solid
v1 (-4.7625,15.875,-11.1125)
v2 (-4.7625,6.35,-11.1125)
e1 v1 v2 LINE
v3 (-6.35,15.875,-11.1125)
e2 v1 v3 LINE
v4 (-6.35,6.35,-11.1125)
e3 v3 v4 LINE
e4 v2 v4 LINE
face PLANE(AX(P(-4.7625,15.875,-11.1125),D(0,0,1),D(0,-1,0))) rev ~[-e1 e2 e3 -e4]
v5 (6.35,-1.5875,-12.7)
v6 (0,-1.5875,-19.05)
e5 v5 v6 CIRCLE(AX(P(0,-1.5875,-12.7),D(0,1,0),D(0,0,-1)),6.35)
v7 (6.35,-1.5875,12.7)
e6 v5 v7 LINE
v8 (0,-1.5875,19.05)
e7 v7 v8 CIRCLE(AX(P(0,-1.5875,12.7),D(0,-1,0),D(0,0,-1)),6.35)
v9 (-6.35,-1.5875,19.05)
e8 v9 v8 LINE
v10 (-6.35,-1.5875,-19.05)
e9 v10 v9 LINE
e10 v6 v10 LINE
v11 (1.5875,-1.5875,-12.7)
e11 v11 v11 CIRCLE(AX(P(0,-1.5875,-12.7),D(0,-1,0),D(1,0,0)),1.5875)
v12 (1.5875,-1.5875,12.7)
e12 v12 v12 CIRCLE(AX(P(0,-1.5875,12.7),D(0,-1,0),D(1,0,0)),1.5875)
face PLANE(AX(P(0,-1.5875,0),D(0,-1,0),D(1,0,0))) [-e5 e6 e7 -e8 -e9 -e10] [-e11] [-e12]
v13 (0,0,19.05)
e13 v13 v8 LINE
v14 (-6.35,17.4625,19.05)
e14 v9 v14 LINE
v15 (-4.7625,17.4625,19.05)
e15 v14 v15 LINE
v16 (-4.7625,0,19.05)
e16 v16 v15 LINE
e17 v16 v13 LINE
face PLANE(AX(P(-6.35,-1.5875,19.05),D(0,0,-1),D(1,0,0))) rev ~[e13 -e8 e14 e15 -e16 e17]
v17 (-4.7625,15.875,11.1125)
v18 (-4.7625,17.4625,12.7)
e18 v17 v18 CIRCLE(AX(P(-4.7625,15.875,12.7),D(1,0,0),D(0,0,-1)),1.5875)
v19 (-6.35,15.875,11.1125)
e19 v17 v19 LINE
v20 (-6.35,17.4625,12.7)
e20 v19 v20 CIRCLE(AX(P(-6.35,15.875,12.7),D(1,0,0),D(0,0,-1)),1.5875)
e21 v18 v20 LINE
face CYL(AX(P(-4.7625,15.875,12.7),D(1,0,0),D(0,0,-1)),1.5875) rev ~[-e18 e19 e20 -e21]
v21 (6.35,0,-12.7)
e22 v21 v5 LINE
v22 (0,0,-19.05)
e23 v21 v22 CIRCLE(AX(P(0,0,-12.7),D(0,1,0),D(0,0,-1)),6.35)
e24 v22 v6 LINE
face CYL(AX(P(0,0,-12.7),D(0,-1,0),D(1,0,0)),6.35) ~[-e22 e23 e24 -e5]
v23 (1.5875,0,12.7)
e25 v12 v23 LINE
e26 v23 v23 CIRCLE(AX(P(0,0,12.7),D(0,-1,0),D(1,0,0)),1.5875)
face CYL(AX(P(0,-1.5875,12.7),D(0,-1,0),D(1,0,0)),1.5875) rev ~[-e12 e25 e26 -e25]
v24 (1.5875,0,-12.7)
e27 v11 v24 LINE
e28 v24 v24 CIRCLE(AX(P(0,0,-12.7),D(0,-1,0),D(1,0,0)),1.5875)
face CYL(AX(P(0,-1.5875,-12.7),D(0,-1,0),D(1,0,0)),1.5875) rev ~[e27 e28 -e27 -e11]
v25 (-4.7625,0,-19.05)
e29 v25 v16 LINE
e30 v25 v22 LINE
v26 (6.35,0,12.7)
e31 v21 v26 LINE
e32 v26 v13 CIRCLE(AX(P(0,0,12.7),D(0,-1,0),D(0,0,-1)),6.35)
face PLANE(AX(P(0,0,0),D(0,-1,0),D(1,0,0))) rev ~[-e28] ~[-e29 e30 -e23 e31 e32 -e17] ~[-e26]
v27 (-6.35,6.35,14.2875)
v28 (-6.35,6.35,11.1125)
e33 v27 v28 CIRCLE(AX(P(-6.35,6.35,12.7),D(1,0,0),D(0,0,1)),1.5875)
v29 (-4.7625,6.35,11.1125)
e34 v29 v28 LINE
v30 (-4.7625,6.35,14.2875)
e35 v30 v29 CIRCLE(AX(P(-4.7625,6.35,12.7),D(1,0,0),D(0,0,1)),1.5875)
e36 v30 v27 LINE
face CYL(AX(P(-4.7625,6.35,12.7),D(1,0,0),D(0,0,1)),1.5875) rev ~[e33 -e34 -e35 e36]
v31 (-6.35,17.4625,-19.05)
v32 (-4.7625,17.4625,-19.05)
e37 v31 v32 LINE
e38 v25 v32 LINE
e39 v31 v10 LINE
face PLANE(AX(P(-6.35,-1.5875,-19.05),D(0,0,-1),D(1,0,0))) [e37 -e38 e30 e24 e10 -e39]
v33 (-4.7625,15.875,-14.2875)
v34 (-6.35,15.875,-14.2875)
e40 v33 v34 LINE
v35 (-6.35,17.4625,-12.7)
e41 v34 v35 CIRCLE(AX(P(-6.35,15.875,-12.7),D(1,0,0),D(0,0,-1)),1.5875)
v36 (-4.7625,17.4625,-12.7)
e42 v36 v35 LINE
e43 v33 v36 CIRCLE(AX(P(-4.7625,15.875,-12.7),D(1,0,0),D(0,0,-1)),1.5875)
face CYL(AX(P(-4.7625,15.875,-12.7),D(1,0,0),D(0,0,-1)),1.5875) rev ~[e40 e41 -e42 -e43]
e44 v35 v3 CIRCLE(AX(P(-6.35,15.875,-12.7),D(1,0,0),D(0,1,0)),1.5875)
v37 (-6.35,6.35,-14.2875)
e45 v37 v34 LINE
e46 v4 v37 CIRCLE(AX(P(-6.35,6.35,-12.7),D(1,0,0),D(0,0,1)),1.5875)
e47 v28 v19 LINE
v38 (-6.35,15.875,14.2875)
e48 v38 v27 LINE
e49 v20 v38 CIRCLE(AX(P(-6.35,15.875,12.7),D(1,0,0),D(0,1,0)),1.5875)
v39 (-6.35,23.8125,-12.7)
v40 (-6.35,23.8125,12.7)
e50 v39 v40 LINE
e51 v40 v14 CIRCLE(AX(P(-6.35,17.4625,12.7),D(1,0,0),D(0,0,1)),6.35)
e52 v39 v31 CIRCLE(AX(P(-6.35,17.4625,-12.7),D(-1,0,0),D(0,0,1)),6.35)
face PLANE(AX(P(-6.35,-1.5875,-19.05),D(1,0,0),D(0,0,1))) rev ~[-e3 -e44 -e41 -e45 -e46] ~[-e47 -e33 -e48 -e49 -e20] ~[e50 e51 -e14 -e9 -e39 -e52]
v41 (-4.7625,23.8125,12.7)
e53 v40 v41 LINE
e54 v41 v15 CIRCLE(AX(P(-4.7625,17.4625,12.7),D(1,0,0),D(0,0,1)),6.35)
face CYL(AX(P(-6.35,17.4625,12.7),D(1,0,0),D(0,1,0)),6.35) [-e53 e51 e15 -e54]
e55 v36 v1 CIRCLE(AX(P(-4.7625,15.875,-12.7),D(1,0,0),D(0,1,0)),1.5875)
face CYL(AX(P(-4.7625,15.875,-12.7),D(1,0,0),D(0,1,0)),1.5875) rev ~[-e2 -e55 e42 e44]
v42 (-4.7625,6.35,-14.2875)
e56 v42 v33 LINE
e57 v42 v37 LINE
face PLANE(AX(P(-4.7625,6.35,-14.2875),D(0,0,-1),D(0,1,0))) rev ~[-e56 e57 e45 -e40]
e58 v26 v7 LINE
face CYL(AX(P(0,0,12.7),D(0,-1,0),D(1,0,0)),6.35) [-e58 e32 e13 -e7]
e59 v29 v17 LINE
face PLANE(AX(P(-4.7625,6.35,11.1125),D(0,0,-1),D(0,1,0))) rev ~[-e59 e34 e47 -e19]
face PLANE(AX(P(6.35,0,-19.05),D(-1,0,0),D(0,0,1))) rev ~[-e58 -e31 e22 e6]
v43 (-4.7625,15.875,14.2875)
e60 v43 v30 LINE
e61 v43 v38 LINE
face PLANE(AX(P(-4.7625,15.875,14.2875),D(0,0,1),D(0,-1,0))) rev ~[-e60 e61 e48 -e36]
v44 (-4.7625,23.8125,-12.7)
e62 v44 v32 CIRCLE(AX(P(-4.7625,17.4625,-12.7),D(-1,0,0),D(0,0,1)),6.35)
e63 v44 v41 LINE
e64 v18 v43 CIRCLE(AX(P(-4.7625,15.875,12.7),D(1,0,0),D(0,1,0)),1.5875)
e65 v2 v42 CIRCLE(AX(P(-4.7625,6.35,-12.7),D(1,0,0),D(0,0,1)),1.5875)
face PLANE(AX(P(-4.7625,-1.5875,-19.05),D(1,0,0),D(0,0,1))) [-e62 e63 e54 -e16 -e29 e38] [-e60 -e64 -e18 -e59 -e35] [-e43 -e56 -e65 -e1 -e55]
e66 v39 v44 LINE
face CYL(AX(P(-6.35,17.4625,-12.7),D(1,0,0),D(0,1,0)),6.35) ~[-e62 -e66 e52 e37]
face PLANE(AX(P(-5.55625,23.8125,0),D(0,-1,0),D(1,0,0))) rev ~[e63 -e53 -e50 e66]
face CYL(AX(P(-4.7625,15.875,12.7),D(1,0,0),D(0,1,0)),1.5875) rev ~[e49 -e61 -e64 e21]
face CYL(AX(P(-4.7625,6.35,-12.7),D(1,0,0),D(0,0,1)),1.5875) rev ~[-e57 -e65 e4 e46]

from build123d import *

# Parameters (mm, degrees)
F0_W     = 12.7
F0_H     = 38.1
F1_DEPTH = 1.5875
F2_W     = 1.5875
F2_H     = 38.1
F3_DEPTH = 25.4
F4_R     = 6.35
F5_R     = 1.5875
F6_DEPTH = 1.5875
F8_DEPTH = 1.5875


with BuildPart() as f1:
    # F0 (on Front) → F1 (new body)
    with BuildSketch(Plane.XZ):
        Rectangle(F0_W, F0_H)
    extrude(amount=F1_DEPTH)

    # F2 (on face) → F3 (join)
    with BuildSketch(Plane.XZ.offset(1.5875)):
        with Locations((-5.55625, 0)):
            Rectangle(F2_W, F2_H)
    extrude(amount=-F3_DEPTH)

    # F4
    f4_edges = [f1.edges().sort_by_distance(p)[0] for p in [
        (6.35, -0.79375, 19.05),
        (-5.55625, 23.8125, 19.05),
        (6.35, -0.79375, -19.05),
        (-5.55625, 23.8125, -19.05),
    ]]
    fillet(f4_edges, radius=F4_R)

    # F5 (on face) → F6 (cut, through all)
    with BuildSketch(Plane.XZ.offset(1.5875)):
        with Locations((0, 12.7)):
            Circle(F5_R)
        with Locations((0, -12.7)):
            Circle(F5_R)
    extrude(amount=-F6_DEPTH, mode=Mode.SUBTRACT)

    # F7 (on face) → F8 (cut, through all)
    with BuildSketch(Plane.YZ.offset(-4.7625)):
        with BuildLine():
            ThreePointArc((7.9375, 12.7), (7.4725320151, 13.8225320151), (6.35, 14.2875))
            Line((6.35, 14.2875), (6.35, 11.1125))
            ThreePointArc((6.35, 11.1125), (7.4725320151, 11.5774679849), (7.9375, 12.7))
        make_face()
        with BuildLine():
            Line((15.875, 14.2875), (6.35, 14.2875))
            ThreePointArc((6.35, 14.2875), (7.4725320151, 13.8225320151), (7.9375, 12.7))
            ThreePointArc((7.9375, 12.7), (7.4725320151, 11.5774679849), (6.35, 11.1125))
            Line((6.35, 11.1125), (15.875, 11.1125))
            ThreePointArc((15.875, 11.1125), (14.2875, 12.7), (15.875, 14.2875))
        make_face()
        with BuildLine():
            Line((6.35, 11.1125), (6.35, 14.2875))
            ThreePointArc((6.35, 14.2875), (4.7625, 12.7), (6.35, 11.1125))
        make_face()
        with BuildLine():
            ThreePointArc((17.4625, 12.7), (16.9975320151, 13.8225320151), (15.875, 14.2875))
            Line((15.875, 14.2875), (15.875, 11.1125))
            ThreePointArc((15.875, 11.1125), (16.9975320151, 11.5774679849), (17.4625, 12.7))
        make_face()
        with BuildLine():
            Line((15.875, 11.1125), (15.875, 14.2875))
            ThreePointArc((15.875, 14.2875), (14.2875, 12.7), (15.875, 11.1125))
        make_face()
        with BuildLine():
            ThreePointArc((7.9375, -12.7), (7.4725320151, -11.5774679849), (6.35, -11.1125))
            Line((6.35, -11.1125), (6.35, -14.2875))
            ThreePointArc((6.35, -14.2875), (7.4725320151, -13.8225320151), (7.9375, -12.7))
        make_face()
        with BuildLine():
            Line((15.875, -11.1125), (6.35, -11.1125))
            ThreePointArc((6.35, -11.1125), (7.4725320151, -11.5774679849), (7.9375, -12.7))
            ThreePointArc((7.9375, -12.7), (7.4725320151, -13.8225320151), (6.35, -14.2875))
            Line((6.35, -14.2875), (15.875, -14.2875))
            ThreePointArc((15.875, -14.2875), (14.2875, -12.7), (15.875, -11.1125))
        make_face()
        with BuildLine():
            Line((6.35, -14.2875), (6.35, -11.1125))
            ThreePointArc((6.35, -11.1125), (4.7625, -12.7), (6.35, -14.2875))
        make_face()
        with BuildLine():
            ThreePointArc((17.4625, -12.7), (16.9975320151, -11.5774679849), (15.875, -11.1125))
            Line((15.875, -11.1125), (15.875, -14.2875))
            ThreePointArc((15.875, -14.2875), (16.9975320151, -13.8225320151), (17.4625, -12.7))
        make_face()
        with BuildLine():
            Line((15.875, -14.2875), (15.875, -11.1125))
            ThreePointArc((15.875, -11.1125), (14.2875, -12.7), (15.875, -14.2875))
        make_face()
    extrude(amount=-F8_DEPTH, mode=Mode.SUBTRACT)


solid = f1.part
